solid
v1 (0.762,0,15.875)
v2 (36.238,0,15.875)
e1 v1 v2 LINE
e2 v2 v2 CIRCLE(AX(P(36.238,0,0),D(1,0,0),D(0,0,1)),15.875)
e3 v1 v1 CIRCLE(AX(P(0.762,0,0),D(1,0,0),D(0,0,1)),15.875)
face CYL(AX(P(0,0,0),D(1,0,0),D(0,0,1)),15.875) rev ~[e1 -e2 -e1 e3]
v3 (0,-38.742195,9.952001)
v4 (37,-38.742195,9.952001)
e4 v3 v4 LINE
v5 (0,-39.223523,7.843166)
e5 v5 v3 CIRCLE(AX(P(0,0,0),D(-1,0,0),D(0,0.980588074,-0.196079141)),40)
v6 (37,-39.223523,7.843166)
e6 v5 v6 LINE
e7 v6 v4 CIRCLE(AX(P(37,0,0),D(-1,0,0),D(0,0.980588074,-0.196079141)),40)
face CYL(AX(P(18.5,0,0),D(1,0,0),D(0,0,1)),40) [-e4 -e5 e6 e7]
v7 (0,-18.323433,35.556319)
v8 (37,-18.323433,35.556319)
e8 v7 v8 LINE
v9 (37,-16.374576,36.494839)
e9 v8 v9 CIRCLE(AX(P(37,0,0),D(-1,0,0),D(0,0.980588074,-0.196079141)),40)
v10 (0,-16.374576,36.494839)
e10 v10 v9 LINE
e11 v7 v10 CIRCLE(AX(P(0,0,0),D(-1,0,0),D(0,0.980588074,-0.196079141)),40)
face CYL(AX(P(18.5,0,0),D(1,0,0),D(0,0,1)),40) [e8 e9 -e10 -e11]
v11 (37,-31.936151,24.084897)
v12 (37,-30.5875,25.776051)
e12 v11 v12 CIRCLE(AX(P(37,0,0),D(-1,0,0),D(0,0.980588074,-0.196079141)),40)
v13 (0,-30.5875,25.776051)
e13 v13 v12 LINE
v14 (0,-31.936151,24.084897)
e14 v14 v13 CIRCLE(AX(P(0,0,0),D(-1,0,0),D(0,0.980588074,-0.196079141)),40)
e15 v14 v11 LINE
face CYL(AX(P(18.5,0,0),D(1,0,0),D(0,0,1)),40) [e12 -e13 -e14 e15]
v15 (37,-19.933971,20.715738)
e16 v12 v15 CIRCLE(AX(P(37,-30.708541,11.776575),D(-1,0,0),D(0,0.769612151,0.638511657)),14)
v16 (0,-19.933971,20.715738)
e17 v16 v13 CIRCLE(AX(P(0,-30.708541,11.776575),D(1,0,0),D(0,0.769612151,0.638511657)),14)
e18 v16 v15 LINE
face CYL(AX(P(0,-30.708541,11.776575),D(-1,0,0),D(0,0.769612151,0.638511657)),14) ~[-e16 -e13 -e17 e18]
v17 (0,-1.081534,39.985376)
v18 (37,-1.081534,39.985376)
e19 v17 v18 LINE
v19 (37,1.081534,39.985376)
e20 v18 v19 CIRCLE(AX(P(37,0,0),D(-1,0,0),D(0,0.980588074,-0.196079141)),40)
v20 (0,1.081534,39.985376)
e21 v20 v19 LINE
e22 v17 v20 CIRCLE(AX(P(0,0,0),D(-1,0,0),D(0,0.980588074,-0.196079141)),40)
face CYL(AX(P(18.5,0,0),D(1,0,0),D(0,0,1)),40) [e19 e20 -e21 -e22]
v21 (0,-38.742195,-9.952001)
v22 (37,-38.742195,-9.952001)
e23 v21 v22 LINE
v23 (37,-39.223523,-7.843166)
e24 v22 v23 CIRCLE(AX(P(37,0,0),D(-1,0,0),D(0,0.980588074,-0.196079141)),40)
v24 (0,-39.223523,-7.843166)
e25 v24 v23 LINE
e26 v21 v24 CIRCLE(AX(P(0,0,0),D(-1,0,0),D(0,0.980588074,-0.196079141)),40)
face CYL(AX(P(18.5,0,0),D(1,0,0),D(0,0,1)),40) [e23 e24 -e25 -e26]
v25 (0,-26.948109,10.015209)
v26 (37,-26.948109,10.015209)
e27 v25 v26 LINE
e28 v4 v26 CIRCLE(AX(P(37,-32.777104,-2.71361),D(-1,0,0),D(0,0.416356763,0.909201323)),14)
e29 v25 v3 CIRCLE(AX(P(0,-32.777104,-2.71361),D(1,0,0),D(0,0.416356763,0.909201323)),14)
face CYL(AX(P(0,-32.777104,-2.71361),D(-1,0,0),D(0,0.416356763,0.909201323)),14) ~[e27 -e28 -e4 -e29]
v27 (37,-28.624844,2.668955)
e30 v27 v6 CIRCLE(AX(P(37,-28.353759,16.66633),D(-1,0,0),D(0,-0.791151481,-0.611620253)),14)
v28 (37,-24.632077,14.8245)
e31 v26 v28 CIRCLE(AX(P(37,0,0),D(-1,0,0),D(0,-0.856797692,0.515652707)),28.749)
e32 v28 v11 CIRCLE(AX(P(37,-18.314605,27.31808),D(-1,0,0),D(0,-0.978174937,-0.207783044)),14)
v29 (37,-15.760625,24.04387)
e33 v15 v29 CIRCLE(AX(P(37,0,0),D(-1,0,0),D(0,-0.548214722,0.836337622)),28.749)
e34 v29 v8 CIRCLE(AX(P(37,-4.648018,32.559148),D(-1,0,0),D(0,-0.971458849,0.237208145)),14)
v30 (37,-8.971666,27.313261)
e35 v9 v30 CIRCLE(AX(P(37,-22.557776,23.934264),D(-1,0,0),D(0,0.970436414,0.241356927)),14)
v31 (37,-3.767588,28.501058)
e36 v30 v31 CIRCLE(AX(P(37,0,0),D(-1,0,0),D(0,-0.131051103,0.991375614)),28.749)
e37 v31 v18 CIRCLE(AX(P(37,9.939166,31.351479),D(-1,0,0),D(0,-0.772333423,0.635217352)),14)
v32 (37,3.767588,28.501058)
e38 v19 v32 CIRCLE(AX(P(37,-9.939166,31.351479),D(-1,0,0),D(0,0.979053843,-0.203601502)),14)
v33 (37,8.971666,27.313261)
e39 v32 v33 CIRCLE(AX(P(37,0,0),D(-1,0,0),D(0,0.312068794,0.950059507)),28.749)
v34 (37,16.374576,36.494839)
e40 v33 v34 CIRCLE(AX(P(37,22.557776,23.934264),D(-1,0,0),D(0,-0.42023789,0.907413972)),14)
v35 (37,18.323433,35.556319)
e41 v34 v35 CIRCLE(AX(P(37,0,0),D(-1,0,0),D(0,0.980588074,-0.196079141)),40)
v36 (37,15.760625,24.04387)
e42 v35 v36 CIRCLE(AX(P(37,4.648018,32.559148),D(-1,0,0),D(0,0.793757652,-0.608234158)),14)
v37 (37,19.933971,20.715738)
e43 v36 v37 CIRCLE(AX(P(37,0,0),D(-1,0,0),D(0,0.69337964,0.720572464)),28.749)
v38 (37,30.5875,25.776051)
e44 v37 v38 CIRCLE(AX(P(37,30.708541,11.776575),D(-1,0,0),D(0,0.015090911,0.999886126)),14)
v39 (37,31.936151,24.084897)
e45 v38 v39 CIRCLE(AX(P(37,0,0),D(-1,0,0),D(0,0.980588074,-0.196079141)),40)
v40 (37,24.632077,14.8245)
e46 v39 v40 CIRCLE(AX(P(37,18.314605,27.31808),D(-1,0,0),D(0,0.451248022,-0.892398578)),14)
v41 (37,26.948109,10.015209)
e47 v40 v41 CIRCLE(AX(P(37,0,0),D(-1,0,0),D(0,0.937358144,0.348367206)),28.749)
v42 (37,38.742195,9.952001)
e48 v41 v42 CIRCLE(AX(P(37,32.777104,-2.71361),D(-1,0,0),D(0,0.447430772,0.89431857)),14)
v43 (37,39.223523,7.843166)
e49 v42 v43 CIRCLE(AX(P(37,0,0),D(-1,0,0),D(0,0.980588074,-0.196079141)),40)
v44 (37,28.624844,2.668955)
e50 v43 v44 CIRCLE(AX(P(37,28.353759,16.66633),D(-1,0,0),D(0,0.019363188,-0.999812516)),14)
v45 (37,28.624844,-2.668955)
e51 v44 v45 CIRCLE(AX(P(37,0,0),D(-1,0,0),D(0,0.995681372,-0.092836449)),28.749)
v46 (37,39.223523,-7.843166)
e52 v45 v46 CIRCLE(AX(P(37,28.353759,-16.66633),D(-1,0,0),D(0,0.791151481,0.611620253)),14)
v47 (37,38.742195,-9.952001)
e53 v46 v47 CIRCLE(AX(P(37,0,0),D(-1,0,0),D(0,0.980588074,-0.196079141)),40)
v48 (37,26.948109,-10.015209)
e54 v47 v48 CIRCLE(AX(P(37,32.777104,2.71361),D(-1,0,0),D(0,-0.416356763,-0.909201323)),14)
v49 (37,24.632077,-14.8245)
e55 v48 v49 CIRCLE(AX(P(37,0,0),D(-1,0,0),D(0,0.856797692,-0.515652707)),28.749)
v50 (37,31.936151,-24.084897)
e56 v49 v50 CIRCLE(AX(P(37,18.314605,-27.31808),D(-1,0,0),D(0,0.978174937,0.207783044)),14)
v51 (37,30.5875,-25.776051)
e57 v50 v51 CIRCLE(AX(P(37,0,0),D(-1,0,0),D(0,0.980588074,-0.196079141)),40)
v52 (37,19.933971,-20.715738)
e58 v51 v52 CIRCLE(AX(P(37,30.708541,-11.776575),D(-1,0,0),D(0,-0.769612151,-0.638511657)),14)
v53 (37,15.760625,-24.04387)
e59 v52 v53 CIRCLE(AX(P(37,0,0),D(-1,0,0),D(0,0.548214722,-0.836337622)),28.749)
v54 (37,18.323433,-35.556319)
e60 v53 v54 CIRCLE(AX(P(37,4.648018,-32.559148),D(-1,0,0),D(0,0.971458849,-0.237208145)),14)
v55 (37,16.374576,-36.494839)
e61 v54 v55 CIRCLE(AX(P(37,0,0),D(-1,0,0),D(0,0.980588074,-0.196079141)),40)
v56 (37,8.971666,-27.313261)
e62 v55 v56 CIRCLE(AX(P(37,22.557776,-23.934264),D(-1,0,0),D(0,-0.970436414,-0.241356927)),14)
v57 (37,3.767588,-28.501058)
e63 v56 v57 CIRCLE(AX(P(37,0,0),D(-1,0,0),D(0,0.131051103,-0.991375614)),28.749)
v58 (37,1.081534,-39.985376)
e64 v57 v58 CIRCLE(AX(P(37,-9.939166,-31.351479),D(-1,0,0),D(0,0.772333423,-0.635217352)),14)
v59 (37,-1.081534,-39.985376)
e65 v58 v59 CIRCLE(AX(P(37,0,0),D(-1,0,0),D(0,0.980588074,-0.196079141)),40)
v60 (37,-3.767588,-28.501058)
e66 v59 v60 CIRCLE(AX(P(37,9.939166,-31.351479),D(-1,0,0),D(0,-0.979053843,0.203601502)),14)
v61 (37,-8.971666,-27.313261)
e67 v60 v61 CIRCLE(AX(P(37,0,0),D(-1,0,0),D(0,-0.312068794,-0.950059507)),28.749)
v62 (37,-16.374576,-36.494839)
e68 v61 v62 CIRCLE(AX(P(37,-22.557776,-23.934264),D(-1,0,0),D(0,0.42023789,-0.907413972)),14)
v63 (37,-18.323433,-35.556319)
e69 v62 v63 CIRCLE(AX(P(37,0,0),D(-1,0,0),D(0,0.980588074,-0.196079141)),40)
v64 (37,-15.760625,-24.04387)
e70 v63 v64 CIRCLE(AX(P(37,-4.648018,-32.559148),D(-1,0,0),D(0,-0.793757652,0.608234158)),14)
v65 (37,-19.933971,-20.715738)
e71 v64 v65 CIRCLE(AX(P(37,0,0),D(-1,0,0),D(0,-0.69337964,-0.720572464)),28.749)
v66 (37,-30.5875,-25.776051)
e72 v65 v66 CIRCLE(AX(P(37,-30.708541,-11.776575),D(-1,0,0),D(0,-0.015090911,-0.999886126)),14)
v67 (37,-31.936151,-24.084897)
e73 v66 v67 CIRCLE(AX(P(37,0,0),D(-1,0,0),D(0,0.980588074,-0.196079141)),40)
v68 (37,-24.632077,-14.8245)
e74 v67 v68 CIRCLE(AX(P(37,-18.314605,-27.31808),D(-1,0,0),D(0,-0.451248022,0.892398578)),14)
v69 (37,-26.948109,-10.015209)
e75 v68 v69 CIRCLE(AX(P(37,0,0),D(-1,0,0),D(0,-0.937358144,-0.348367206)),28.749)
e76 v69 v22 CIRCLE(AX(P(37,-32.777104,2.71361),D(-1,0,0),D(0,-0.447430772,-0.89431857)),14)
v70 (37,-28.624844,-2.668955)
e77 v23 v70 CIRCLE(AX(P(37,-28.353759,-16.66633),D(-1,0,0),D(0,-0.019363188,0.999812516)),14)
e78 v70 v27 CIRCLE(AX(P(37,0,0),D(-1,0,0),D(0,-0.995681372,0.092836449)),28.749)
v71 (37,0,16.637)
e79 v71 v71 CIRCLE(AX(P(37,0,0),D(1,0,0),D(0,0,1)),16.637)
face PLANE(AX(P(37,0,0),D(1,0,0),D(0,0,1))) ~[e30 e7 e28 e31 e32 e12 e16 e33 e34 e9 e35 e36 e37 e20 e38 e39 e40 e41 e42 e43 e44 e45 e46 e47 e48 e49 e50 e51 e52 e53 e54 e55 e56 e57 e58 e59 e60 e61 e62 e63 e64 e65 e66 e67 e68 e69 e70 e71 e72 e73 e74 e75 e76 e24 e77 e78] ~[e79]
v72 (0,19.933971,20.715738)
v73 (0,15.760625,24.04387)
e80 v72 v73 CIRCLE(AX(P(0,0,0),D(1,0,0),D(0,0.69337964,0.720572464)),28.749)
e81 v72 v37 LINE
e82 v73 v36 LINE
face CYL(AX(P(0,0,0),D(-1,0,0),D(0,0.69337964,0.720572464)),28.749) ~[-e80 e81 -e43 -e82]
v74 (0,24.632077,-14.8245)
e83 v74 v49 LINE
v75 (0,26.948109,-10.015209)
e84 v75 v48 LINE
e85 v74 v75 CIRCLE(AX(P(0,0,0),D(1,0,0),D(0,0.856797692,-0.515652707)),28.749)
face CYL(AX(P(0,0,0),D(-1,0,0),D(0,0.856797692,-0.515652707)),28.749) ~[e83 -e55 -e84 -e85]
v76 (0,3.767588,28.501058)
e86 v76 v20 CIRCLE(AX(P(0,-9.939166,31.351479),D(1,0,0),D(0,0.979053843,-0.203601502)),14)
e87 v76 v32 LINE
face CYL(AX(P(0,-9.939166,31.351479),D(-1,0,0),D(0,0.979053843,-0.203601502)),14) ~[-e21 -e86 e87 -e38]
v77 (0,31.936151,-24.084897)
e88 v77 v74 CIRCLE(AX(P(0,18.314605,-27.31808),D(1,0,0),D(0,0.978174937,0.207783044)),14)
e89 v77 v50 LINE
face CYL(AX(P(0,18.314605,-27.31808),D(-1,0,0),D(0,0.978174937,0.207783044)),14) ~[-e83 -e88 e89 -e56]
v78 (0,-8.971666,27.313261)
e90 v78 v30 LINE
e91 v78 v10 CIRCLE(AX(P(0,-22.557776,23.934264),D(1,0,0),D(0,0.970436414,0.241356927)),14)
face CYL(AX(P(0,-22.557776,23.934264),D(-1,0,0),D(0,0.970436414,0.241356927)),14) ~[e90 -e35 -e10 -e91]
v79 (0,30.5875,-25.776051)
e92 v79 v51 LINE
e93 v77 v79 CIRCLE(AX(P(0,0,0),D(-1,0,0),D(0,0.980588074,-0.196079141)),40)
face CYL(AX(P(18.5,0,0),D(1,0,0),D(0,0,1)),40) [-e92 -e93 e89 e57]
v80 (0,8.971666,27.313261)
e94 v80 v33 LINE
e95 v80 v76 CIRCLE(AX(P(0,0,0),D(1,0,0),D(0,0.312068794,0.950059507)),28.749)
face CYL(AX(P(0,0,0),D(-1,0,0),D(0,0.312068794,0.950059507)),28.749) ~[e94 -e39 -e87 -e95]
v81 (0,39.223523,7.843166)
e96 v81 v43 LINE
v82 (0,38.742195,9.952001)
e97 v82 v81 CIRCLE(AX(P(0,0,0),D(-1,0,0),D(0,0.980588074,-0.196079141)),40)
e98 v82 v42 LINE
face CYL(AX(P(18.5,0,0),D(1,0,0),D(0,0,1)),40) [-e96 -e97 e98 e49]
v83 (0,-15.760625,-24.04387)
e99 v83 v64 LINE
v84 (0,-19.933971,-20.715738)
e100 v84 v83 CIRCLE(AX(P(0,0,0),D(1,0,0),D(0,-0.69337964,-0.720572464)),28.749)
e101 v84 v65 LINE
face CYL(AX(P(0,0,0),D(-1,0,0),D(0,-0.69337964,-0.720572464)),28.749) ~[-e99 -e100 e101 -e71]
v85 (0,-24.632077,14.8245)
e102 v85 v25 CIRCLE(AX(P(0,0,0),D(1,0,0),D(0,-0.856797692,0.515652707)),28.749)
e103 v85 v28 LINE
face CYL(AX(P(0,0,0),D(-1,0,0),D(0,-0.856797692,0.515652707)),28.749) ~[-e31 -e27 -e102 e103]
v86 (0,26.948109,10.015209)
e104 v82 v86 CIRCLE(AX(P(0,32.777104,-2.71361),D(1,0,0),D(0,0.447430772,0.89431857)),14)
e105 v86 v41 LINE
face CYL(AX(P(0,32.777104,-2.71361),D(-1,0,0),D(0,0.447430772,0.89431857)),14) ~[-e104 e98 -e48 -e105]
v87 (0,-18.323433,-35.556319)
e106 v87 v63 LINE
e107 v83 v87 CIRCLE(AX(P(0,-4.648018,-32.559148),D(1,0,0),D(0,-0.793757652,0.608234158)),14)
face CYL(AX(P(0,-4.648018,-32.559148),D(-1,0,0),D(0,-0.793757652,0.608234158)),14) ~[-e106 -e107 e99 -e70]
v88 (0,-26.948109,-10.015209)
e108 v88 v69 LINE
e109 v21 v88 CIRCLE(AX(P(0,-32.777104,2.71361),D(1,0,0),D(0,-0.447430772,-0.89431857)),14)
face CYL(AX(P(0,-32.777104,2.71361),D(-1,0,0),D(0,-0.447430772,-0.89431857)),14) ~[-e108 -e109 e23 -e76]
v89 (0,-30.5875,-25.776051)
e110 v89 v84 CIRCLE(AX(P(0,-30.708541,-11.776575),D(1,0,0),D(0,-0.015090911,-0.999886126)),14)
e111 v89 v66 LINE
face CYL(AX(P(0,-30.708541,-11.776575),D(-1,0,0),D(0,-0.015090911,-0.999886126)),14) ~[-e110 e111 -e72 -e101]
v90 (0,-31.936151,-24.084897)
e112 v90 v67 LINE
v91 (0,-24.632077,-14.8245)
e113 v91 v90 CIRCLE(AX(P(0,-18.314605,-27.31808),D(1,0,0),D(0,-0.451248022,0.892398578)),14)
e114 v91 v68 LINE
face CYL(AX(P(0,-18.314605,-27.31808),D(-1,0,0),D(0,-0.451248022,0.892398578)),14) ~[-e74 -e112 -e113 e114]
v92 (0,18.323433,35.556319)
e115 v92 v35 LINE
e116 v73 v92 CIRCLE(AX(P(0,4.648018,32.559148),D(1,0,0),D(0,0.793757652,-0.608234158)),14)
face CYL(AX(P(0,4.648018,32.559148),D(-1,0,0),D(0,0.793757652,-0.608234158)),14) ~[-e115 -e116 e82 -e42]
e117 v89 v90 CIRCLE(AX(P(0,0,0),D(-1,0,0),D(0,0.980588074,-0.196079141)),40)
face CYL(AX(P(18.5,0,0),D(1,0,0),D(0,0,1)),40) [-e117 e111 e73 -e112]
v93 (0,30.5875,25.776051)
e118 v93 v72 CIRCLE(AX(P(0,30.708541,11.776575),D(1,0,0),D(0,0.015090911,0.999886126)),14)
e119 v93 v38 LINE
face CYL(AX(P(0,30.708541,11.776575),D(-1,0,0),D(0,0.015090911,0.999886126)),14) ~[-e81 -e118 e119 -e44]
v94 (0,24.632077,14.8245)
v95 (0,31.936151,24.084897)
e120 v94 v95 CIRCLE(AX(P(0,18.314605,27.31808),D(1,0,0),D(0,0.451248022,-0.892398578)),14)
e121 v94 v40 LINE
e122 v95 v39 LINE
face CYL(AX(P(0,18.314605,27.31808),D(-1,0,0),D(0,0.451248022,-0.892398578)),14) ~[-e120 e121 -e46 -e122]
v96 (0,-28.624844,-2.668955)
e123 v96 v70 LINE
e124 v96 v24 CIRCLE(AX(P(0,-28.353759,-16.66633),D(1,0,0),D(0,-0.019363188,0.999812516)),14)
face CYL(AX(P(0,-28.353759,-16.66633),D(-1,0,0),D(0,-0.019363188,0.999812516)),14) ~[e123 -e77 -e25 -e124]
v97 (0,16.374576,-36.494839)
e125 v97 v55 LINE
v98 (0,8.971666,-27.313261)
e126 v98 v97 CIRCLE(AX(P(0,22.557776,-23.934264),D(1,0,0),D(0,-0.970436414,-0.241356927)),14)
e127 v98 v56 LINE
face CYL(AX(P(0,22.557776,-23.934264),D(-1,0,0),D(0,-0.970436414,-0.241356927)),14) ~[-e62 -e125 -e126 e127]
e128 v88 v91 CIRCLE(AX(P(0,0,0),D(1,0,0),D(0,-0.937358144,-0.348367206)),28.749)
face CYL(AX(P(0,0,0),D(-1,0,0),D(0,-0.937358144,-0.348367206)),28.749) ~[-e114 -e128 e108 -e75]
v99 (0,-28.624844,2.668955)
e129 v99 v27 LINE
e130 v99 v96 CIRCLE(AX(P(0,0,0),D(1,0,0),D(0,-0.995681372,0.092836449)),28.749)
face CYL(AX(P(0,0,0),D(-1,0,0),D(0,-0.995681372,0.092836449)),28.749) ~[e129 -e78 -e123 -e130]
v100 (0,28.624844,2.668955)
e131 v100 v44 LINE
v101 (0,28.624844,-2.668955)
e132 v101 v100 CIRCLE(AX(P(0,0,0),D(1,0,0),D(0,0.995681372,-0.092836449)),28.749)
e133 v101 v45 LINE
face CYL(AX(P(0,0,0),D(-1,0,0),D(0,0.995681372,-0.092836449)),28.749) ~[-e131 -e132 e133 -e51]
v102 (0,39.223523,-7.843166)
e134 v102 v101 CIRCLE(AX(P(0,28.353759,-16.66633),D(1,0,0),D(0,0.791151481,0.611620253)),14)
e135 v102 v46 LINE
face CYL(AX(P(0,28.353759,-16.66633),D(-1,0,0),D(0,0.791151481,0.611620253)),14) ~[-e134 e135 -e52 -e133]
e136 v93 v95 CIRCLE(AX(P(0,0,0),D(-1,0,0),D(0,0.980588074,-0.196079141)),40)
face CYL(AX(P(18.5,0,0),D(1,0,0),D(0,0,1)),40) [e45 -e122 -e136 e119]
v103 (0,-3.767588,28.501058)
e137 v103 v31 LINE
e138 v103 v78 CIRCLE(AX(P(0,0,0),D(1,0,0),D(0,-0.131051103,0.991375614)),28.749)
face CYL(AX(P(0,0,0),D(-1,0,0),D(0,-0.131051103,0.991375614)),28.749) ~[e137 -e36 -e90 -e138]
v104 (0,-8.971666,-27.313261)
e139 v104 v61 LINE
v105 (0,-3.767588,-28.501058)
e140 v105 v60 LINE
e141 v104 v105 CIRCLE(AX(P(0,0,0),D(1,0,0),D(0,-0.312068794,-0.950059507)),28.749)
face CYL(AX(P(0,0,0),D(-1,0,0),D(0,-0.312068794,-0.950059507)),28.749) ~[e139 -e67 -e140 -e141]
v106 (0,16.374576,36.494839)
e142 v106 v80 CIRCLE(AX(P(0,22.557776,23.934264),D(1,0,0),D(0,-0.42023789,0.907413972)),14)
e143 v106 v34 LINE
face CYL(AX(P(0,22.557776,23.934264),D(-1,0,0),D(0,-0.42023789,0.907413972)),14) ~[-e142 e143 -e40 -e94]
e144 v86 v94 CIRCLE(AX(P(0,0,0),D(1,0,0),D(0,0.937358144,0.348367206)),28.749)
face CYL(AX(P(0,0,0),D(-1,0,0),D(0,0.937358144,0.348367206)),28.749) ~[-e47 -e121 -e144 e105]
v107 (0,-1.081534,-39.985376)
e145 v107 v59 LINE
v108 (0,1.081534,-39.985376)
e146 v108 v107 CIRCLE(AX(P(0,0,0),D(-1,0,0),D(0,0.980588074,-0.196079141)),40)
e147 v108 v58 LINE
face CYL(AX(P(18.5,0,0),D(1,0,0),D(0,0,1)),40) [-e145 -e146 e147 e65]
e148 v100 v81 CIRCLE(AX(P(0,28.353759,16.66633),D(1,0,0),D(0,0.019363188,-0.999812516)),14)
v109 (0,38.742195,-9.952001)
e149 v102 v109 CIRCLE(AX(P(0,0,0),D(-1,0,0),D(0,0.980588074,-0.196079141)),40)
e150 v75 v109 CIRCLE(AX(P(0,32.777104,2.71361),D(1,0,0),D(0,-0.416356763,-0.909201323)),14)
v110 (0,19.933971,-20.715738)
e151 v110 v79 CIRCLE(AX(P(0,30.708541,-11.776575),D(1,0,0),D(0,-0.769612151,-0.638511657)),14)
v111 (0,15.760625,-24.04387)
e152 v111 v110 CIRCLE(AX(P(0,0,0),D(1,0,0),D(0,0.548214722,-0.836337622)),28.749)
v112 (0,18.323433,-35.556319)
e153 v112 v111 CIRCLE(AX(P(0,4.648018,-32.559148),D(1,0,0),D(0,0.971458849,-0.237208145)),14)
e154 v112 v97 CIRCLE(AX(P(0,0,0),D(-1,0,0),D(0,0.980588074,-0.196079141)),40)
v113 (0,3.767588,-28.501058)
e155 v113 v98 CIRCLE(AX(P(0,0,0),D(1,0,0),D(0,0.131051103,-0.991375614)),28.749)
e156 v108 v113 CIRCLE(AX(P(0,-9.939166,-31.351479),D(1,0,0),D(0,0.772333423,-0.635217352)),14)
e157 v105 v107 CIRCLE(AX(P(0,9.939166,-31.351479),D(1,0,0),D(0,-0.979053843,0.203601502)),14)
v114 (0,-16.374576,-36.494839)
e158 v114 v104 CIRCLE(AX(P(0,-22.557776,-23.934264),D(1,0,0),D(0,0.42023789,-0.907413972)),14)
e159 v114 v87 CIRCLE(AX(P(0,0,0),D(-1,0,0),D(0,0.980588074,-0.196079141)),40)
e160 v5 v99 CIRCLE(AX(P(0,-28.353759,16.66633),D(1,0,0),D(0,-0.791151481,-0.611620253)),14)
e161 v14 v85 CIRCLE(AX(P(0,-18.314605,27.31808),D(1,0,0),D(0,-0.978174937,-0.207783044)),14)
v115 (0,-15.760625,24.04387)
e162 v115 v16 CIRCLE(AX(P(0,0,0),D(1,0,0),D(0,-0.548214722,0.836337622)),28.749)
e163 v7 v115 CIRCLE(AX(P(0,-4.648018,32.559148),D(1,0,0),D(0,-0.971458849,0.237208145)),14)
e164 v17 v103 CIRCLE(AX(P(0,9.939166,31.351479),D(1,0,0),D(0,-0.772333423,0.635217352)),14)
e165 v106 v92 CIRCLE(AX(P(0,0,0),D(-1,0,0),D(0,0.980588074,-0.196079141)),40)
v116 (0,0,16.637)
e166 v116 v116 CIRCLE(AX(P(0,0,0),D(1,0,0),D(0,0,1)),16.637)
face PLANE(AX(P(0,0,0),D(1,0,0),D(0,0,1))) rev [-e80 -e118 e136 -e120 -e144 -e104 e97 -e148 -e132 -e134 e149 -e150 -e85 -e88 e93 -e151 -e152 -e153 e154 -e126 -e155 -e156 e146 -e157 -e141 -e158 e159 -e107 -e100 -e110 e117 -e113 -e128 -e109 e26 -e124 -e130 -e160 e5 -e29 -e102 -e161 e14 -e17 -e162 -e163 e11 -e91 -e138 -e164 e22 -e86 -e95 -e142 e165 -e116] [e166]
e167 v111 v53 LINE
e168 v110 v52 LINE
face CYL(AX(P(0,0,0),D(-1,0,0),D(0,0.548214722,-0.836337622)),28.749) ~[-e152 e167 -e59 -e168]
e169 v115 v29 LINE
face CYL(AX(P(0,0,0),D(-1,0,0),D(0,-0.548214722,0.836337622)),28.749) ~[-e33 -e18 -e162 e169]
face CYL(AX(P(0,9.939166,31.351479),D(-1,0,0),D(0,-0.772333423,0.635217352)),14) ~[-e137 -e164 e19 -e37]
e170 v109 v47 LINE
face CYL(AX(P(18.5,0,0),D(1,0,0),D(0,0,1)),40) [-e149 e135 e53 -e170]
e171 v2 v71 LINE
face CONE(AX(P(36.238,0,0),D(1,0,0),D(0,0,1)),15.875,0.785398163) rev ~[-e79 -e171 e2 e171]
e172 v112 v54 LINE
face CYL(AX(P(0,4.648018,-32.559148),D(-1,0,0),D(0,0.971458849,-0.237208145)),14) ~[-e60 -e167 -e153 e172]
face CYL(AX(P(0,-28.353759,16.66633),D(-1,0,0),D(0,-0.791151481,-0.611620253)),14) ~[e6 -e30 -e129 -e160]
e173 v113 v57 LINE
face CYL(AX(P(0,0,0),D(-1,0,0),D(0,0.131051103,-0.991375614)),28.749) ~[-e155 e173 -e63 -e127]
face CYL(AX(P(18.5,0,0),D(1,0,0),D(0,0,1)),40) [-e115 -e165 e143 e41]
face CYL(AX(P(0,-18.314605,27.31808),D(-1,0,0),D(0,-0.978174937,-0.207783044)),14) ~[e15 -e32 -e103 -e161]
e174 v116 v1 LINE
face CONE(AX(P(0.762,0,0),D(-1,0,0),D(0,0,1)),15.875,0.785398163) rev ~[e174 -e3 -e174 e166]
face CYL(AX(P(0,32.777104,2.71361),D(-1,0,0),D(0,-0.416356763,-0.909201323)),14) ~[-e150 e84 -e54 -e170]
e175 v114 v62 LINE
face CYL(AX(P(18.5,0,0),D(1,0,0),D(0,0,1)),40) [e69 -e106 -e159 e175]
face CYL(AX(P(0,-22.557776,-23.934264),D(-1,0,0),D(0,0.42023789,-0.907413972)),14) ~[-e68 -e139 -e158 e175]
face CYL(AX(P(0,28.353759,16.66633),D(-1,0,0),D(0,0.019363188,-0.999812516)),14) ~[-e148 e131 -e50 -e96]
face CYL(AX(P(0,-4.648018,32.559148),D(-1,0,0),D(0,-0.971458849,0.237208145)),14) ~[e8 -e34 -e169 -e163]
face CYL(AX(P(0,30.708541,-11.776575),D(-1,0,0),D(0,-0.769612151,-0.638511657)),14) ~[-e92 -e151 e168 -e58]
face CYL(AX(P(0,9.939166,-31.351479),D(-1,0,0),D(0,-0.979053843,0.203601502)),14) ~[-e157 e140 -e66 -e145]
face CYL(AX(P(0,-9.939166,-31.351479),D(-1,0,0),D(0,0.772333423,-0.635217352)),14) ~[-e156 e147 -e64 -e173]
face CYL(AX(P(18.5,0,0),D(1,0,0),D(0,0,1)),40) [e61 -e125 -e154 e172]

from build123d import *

# Parameters (mm, degrees)
BASPROSKE_W     = 37
BASPROSKE_H     = 40
TOOTHCUT_DEPTH  = 68.594378464
TEETHCUTS_COUNT = 14
TEETHCUTS_ANGLE = 334.285714286
BORSKE_R        = 15.875
BORE_DEPTH      = 50.000508
CHAMFER1_SIZE   = 0.762


with BuildPart() as part:
    # BasProSke → Base-Revolve (revolve)
    with BuildSketch(Plane(origin=(0, 0, 0), x_dir=(1, 0, 0), z_dir=(0, 1, 0)), mode=Mode.PRIVATE) as base_revolve_sk:
        with Locations((18.5, 20)):
            Rectangle(BASPROSKE_W, BASPROSKE_H)
    revolve(base_revolve_sk.sketch.rotate(Axis((-10, 0, 0), (1, 0, 0)), 180), axis=Axis((-10, 0, 0), (1, 0, 0)))

    # TooCutSke → ToothCut (cut, through all)
    with BuildSketch(Plane(origin=(0, 0, 0), x_dir=(0, 0, -1), z_dir=(1, 0, 0))):
        with BuildLine():
            ThreePointArc((2.668955068, 28.624843752), (0, 28.749), (-2.668955068, 28.624843752))
            ThreePointArc((-2.668955068, 28.624843752), (-4.15928171, 34.644525037), (-8.103646746, 39.429879856))
            ThreePointArc((-8.103646746, 39.429879856), (0, 40.254), (8.103646746, 39.429879856))
            ThreePointArc((8.103646746, 39.429879856), (4.15928171, 34.644525037), (2.668955068, 28.624843752))
        make_face()
    toothcut = extrude(amount=TOOTHCUT_DEPTH, mode=Mode.SUBTRACT)

    # TeethCuts: ToothCut ×14 about axis
    teethcuts_axis = Axis((-10, 0, 0), (1, 0, 0))
    for i in range(1, TEETHCUTS_COUNT):
        add(toothcut.rotate(teethcuts_axis, i * TEETHCUTS_ANGLE / (TEETHCUTS_COUNT - 1)), mode=Mode.SUBTRACT)

    # BorSke → Bore (cut, symmetric)
    with BuildSketch(Plane(origin=(0, 0, 0), x_dir=(0, 0, -1), z_dir=(1, 0, 0))):
        with Locations(Location((0, 0, 0), (0, 0, 180))):
            Circle(BORSKE_R)
    extrude(amount=BORE_DEPTH, both=True, mode=Mode.SUBTRACT)

    # Chamfer1
    chamfer1_edges = [part.edges().sort_by_distance(p)[0] for p in [
        (37, 0, -15.875),
        (0, 0, -15.875),
    ]]
    chamfer(chamfer1_edges, length=CHAMFER1_SIZE)


solid = part.part
